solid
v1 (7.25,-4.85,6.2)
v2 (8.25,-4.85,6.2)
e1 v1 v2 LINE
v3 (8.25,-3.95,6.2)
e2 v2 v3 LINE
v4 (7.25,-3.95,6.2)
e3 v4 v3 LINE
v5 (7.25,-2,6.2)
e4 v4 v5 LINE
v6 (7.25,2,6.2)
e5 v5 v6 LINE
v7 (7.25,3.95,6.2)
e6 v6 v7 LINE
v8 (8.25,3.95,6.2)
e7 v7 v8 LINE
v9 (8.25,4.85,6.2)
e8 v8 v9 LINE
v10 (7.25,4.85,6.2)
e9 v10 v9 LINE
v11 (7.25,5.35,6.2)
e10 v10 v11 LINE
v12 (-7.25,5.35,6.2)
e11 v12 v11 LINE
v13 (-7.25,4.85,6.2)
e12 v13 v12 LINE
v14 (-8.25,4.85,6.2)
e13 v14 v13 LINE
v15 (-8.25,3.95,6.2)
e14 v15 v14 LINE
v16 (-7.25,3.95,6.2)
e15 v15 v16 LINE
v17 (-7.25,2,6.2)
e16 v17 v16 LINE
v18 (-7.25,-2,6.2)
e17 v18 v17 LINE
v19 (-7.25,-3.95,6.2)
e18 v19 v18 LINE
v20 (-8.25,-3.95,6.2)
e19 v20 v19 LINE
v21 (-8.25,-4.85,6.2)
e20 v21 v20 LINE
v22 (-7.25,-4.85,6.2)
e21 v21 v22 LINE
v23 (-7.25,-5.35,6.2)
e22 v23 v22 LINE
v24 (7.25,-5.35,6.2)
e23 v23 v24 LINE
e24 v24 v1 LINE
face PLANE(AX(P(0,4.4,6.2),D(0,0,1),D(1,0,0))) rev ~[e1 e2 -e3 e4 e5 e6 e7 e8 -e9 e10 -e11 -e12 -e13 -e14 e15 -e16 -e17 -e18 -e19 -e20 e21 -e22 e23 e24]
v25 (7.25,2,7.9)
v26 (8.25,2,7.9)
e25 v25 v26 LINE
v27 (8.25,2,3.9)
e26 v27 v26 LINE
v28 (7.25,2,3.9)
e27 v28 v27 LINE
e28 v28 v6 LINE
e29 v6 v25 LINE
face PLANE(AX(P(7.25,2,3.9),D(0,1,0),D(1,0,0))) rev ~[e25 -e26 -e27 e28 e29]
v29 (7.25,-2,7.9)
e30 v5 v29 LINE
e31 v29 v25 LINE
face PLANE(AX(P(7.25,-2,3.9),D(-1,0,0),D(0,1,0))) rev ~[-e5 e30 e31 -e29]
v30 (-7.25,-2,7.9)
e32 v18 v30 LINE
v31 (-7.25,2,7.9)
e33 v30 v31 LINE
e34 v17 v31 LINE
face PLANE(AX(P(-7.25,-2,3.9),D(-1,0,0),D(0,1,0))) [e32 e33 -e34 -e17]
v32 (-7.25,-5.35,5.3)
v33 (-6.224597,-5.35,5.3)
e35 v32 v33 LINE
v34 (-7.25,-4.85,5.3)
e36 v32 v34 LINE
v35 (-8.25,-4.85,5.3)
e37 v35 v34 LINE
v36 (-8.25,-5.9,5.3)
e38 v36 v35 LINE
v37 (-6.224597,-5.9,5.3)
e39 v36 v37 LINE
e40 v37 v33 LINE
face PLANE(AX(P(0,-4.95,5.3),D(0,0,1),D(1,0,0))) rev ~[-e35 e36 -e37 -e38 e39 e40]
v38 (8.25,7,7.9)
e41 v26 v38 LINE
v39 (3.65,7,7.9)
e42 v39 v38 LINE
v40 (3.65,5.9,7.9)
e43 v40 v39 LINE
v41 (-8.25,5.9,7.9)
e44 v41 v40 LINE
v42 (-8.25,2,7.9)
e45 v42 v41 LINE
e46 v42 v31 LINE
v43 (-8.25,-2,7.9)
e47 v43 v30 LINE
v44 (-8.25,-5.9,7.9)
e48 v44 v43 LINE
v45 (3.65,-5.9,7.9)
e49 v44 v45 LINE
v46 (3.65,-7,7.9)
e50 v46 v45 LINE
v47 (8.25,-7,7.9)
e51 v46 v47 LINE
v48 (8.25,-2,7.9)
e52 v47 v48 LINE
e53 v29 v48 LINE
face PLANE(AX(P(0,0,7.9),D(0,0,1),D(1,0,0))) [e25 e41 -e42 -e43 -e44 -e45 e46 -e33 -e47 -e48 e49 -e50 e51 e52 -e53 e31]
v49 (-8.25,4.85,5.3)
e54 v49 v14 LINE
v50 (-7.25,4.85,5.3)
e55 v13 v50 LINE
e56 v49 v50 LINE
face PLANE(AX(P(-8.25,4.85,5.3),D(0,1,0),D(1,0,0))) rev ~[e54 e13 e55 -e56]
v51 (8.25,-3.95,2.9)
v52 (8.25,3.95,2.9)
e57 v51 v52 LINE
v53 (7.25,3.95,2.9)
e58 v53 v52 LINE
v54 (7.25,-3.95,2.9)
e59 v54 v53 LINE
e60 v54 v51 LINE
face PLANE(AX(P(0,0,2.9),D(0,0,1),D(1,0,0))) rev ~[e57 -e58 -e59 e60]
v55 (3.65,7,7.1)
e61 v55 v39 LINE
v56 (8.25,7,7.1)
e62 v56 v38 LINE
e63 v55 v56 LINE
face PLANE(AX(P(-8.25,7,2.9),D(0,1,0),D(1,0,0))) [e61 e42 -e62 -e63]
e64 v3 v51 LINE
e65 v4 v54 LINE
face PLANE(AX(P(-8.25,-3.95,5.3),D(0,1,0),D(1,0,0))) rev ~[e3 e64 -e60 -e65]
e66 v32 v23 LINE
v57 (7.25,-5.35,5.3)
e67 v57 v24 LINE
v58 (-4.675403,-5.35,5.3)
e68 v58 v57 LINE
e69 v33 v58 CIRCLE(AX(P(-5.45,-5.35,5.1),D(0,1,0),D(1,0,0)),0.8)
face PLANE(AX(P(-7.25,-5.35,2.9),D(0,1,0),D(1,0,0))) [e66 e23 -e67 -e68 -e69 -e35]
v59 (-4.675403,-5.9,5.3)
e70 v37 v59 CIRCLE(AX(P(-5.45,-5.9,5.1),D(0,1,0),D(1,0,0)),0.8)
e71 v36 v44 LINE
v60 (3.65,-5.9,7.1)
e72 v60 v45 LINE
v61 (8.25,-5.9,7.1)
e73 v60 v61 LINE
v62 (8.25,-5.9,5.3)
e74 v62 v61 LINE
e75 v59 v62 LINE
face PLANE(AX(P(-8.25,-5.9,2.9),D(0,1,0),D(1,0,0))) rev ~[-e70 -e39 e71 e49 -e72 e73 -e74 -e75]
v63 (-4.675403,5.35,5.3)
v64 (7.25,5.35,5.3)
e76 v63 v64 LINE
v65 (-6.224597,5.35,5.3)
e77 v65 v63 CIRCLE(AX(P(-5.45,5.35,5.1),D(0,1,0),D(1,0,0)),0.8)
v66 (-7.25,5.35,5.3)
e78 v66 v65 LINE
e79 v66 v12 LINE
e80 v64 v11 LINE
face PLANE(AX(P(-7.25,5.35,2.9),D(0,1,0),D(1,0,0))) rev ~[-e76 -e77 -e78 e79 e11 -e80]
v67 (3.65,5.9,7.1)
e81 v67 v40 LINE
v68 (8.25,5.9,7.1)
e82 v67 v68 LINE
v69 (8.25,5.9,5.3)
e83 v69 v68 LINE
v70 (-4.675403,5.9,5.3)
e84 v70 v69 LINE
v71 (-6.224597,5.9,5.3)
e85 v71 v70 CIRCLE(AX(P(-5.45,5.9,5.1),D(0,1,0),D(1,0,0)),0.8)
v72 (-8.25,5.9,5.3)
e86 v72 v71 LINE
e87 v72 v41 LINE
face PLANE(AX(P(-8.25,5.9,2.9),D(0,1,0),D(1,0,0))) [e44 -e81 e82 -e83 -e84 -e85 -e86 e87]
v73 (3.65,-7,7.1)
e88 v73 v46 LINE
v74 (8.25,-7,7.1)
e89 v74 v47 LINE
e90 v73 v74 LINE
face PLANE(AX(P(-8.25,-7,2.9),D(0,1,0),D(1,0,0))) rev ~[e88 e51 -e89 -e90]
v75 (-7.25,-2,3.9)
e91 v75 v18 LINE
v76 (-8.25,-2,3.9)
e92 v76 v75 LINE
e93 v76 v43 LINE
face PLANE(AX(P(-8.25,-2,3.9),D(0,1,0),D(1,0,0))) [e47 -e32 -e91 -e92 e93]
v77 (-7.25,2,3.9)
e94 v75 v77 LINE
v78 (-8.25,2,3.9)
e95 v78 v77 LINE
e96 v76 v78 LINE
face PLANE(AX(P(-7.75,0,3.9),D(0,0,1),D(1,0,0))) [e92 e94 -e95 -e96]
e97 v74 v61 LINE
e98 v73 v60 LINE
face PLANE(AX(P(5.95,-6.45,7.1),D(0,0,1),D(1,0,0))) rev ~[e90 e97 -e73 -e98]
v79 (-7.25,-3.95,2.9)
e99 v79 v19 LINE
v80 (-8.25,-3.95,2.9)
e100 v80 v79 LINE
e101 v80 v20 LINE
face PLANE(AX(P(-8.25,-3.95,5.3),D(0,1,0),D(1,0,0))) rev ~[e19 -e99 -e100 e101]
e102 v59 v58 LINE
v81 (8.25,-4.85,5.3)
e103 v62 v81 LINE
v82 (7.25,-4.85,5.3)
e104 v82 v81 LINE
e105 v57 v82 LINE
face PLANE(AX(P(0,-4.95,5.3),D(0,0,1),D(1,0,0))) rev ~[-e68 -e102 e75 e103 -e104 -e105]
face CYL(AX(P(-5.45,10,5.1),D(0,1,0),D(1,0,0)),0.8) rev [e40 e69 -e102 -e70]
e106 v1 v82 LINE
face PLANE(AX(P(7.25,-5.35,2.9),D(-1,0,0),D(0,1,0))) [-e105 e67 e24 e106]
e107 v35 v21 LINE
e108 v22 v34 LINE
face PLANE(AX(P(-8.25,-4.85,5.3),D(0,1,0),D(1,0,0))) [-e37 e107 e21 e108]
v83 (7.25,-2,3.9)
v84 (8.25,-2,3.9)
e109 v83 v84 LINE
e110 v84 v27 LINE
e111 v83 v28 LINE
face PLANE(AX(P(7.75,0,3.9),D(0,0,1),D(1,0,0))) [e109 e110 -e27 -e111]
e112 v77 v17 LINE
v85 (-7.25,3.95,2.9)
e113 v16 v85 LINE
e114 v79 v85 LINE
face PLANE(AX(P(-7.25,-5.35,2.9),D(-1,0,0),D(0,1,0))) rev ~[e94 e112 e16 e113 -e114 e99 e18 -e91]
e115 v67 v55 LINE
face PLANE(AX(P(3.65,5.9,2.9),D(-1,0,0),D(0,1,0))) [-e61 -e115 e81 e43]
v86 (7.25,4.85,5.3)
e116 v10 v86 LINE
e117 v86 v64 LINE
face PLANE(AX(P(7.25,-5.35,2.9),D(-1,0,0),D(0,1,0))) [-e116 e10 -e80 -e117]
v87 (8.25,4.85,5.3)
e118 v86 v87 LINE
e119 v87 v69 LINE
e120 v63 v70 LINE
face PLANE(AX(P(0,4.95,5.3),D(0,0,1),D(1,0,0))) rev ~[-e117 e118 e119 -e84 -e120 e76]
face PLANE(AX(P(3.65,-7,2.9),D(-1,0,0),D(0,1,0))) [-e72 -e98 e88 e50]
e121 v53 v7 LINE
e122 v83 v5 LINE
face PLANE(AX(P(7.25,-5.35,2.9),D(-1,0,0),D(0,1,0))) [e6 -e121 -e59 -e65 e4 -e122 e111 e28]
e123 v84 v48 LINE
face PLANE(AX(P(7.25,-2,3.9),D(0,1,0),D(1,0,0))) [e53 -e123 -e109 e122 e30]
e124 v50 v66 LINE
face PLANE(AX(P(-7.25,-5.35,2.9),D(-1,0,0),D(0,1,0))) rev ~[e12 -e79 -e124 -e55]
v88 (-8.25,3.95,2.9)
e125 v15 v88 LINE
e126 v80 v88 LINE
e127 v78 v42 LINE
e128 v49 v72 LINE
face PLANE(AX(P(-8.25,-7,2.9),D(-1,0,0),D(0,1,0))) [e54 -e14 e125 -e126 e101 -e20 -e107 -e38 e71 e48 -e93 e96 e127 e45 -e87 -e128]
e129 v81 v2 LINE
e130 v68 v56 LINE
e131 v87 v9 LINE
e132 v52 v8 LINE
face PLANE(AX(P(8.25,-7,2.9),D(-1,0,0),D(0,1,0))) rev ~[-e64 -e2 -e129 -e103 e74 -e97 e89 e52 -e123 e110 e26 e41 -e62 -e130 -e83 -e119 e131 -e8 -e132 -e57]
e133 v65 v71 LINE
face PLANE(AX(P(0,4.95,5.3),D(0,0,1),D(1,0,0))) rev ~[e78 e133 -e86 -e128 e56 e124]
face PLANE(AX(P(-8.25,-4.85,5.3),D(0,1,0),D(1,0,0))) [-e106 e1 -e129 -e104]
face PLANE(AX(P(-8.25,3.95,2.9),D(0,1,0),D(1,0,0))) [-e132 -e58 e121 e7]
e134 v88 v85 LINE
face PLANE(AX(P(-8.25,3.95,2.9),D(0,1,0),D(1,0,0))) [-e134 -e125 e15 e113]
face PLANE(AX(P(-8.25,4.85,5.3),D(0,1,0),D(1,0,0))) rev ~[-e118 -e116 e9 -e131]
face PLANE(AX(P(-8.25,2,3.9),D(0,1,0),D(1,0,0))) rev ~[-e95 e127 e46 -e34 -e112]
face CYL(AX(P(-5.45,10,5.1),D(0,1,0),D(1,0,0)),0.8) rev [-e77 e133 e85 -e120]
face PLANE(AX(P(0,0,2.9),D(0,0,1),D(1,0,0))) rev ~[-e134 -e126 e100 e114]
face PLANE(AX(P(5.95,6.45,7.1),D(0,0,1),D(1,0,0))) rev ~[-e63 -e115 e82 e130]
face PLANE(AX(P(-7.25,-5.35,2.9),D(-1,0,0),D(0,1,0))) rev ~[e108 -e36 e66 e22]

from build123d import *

# Parameters (mm, degrees)
CYLINDER007_R     = 0.8
CYLINDER007_DEPTH = 20
BOX035_W          = 16.5
BOX035_H          = 0.9
BOX035_DEPTH      = 0.9
BOX029_W          = 16.5
BOX029_H          = 0.9
BOX029_DEPTH      = 0.9
BOX032_W          = 16.5
BOX032_H          = 2
BOX032_DEPTH      = 2.4
BOX026_W          = 16.5
BOX026_H          = 2
BOX026_DEPTH      = 2.4
BOX036_W          = 14.5
BOX036_H          = 10.7
BOX036_DEPTH      = 3.3
BOX027_W          = 11.9
BOX027_H          = 1.1
BOX027_DEPTH      = 5
BOX033_W          = 11.9
BOX033_H          = 1.1
BOX033_DEPTH      = 5
BOX028_W          = 4.6
BOX028_H          = 1.1
BOX028_DEPTH      = 4.2
BOX034_W          = 4.6
BOX034_H          = 1.1
BOX034_DEPTH      = 4.2
BOX031_W          = 1
BOX031_H          = 4
BOX031_DEPTH      = 4
BOX030_W          = 1
BOX030_H          = 4
BOX030_DEPTH      = 4
BOX025_W          = 16.5
BOX025_H          = 14
BOX025_DEPTH      = 5


with BuildPart() as cylinder007:
    # Cylinder007 → Cylinder007 (new body)
    with BuildSketch(Plane(origin=(2.8, 10, 2.2), x_dir=(1, 0, 0), z_dir=(0, -1, 0))):
        Circle(CYLINDER007_R)
    extrude(amount=CYLINDER007_DEPTH)


with BuildPart() as cube032:
    # Box035 → Box035 (new body)
    with BuildSketch(Plane(origin=(0, 3.95, 2.4), x_dir=(1, 0, 0), z_dir=(0, 0, 1))):
        with Locations((8.25, 0.45)):
            Rectangle(BOX035_W, BOX035_H)
    extrude(amount=BOX035_DEPTH)


with BuildPart() as compound004:
    # Box029 → Box029 (new body)
    with BuildSketch(Plane(origin=(0, -4.85, 2.4), x_dir=(1, 0, 0), z_dir=(0, 0, 1))):
        with Locations((8.25, 0.45)):
            Rectangle(BOX029_W, BOX029_H)
    extrude(amount=BOX029_DEPTH)

    # Compound004: union Cube032
    add(cube032.part)


with BuildPart() as cube029:
    # Box032 → Box032 (new body)
    with BuildSketch(Plane(origin=(0, -5.95, 0), x_dir=(1, 0, 0), z_dir=(0, 0, 1))):
        with Locations((8.25, 1)):
            Rectangle(BOX032_W, BOX032_H)
    extrude(amount=BOX032_DEPTH)


with BuildPart() as compound005:
    # Box026 → Box026 (new body)
    with BuildSketch(Plane(origin=(0, 3.95, 0), x_dir=(1, 0, 0), z_dir=(0, 0, 1))):
        with Locations((8.25, 1)):
            Rectangle(BOX026_W, BOX026_H)
    extrude(amount=BOX026_DEPTH)

    # Compound005: union Cube029
    add(cube029.part)


with BuildPart() as cube033:
    # Box036 → Box036 (new body)
    with BuildSketch(Plane(origin=(1, -5.35, 0), x_dir=(1, 0, 0), z_dir=(0, 0, 1))):
        with Locations((7.25, 5.35)):
            Rectangle(BOX036_W, BOX036_H)
    extrude(amount=BOX036_DEPTH)


with BuildPart() as cube024:
    # Box027 → Box027 (new body)
    with BuildSketch(Plane(origin=(0, 5.9, 0), x_dir=(1, 0, 0), z_dir=(0, 0, 1))):
        with Locations((5.95, 0.55)):
            Rectangle(BOX027_W, BOX027_H)
    extrude(amount=BOX027_DEPTH)


with BuildPart() as cube030:
    # Box033 → Box033 (new body)
    with BuildSketch(Plane(origin=(0, -7, 0), x_dir=(1, 0, 0), z_dir=(0, 0, 1))):
        with Locations((5.95, 0.55)):
            Rectangle(BOX033_W, BOX033_H)
    extrude(amount=BOX033_DEPTH)


with BuildPart() as cube025:
    # Box028 → Box028 (new body)
    with BuildSketch(Plane(origin=(11.9, -7, 0), x_dir=(1, 0, 0), z_dir=(0, 0, 1))):
        with Locations((2.3, 0.55)):
            Rectangle(BOX028_W, BOX028_H)
    extrude(amount=BOX028_DEPTH)


with BuildPart() as cube031:
    # Box034 → Box034 (new body)
    with BuildSketch(Plane(origin=(11.9, 5.9, 0), x_dir=(1, 0, 0), z_dir=(0, 0, 1))):
        with Locations((2.3, 0.55)):
            Rectangle(BOX034_W, BOX034_H)
    extrude(amount=BOX034_DEPTH)


with BuildPart() as cube028:
    # Box031 → Box031 (new body)
    with BuildSketch(Plane(origin=(0, -2, 1), x_dir=(1, 0, 0), z_dir=(0, 0, 1))):
        with Locations((0.5, 2)):
            Rectangle(BOX031_W, BOX031_H)
    extrude(amount=BOX031_DEPTH)


with BuildPart() as compound003:
    # Box030 → Box030 (new body)
    with BuildSketch(Plane(origin=(15.5, -2, 1), x_dir=(1, 0, 0), z_dir=(0, 0, 1))):
        with Locations((0.5, 2)):
            Rectangle(BOX030_W, BOX030_H)
    extrude(amount=BOX030_DEPTH)

    # Compound003: union Cube028
    add(cube028.part)


with BuildPart() as topcut:
    # Box025 → Box025 (new body)
    with BuildSketch(Plane(origin=(0, -7, 0), x_dir=(1, 0, 0), z_dir=(0, 0, 1))):
        with Locations((8.25, 7)):
            Rectangle(BOX025_W, BOX025_H)
    extrude(amount=BOX025_DEPTH)

    # Cut014: cut Compound003
    add(compound003.part, mode=Mode.SUBTRACT)

    # Cut012: cut Cube031
    add(cube031.part, mode=Mode.SUBTRACT)

    # Cut016: cut Cube025
    add(cube025.part, mode=Mode.SUBTRACT)

    # Cut013: cut Cube030
    add(cube030.part, mode=Mode.SUBTRACT)

    # Cut015: cut Cube024
    add(cube024.part, mode=Mode.SUBTRACT)

    # Cut017: cut Cube033
    add(cube033.part, mode=Mode.SUBTRACT)

    # Cut018: cut Compound005
    add(compound005.part, mode=Mode.SUBTRACT)

    # Cut011: cut Compound004
    add(compound004.part, mode=Mode.SUBTRACT)

    # Cut010: cut Cylinder007
    add(cylinder007.part, mode=Mode.SUBTRACT)


with BuildPart() as topcut_1:
    # Cut010 placement: moved
    add(topcut.part.moved(Location((-8.25, 0, 2.9))))


solid = topcut_1.part
